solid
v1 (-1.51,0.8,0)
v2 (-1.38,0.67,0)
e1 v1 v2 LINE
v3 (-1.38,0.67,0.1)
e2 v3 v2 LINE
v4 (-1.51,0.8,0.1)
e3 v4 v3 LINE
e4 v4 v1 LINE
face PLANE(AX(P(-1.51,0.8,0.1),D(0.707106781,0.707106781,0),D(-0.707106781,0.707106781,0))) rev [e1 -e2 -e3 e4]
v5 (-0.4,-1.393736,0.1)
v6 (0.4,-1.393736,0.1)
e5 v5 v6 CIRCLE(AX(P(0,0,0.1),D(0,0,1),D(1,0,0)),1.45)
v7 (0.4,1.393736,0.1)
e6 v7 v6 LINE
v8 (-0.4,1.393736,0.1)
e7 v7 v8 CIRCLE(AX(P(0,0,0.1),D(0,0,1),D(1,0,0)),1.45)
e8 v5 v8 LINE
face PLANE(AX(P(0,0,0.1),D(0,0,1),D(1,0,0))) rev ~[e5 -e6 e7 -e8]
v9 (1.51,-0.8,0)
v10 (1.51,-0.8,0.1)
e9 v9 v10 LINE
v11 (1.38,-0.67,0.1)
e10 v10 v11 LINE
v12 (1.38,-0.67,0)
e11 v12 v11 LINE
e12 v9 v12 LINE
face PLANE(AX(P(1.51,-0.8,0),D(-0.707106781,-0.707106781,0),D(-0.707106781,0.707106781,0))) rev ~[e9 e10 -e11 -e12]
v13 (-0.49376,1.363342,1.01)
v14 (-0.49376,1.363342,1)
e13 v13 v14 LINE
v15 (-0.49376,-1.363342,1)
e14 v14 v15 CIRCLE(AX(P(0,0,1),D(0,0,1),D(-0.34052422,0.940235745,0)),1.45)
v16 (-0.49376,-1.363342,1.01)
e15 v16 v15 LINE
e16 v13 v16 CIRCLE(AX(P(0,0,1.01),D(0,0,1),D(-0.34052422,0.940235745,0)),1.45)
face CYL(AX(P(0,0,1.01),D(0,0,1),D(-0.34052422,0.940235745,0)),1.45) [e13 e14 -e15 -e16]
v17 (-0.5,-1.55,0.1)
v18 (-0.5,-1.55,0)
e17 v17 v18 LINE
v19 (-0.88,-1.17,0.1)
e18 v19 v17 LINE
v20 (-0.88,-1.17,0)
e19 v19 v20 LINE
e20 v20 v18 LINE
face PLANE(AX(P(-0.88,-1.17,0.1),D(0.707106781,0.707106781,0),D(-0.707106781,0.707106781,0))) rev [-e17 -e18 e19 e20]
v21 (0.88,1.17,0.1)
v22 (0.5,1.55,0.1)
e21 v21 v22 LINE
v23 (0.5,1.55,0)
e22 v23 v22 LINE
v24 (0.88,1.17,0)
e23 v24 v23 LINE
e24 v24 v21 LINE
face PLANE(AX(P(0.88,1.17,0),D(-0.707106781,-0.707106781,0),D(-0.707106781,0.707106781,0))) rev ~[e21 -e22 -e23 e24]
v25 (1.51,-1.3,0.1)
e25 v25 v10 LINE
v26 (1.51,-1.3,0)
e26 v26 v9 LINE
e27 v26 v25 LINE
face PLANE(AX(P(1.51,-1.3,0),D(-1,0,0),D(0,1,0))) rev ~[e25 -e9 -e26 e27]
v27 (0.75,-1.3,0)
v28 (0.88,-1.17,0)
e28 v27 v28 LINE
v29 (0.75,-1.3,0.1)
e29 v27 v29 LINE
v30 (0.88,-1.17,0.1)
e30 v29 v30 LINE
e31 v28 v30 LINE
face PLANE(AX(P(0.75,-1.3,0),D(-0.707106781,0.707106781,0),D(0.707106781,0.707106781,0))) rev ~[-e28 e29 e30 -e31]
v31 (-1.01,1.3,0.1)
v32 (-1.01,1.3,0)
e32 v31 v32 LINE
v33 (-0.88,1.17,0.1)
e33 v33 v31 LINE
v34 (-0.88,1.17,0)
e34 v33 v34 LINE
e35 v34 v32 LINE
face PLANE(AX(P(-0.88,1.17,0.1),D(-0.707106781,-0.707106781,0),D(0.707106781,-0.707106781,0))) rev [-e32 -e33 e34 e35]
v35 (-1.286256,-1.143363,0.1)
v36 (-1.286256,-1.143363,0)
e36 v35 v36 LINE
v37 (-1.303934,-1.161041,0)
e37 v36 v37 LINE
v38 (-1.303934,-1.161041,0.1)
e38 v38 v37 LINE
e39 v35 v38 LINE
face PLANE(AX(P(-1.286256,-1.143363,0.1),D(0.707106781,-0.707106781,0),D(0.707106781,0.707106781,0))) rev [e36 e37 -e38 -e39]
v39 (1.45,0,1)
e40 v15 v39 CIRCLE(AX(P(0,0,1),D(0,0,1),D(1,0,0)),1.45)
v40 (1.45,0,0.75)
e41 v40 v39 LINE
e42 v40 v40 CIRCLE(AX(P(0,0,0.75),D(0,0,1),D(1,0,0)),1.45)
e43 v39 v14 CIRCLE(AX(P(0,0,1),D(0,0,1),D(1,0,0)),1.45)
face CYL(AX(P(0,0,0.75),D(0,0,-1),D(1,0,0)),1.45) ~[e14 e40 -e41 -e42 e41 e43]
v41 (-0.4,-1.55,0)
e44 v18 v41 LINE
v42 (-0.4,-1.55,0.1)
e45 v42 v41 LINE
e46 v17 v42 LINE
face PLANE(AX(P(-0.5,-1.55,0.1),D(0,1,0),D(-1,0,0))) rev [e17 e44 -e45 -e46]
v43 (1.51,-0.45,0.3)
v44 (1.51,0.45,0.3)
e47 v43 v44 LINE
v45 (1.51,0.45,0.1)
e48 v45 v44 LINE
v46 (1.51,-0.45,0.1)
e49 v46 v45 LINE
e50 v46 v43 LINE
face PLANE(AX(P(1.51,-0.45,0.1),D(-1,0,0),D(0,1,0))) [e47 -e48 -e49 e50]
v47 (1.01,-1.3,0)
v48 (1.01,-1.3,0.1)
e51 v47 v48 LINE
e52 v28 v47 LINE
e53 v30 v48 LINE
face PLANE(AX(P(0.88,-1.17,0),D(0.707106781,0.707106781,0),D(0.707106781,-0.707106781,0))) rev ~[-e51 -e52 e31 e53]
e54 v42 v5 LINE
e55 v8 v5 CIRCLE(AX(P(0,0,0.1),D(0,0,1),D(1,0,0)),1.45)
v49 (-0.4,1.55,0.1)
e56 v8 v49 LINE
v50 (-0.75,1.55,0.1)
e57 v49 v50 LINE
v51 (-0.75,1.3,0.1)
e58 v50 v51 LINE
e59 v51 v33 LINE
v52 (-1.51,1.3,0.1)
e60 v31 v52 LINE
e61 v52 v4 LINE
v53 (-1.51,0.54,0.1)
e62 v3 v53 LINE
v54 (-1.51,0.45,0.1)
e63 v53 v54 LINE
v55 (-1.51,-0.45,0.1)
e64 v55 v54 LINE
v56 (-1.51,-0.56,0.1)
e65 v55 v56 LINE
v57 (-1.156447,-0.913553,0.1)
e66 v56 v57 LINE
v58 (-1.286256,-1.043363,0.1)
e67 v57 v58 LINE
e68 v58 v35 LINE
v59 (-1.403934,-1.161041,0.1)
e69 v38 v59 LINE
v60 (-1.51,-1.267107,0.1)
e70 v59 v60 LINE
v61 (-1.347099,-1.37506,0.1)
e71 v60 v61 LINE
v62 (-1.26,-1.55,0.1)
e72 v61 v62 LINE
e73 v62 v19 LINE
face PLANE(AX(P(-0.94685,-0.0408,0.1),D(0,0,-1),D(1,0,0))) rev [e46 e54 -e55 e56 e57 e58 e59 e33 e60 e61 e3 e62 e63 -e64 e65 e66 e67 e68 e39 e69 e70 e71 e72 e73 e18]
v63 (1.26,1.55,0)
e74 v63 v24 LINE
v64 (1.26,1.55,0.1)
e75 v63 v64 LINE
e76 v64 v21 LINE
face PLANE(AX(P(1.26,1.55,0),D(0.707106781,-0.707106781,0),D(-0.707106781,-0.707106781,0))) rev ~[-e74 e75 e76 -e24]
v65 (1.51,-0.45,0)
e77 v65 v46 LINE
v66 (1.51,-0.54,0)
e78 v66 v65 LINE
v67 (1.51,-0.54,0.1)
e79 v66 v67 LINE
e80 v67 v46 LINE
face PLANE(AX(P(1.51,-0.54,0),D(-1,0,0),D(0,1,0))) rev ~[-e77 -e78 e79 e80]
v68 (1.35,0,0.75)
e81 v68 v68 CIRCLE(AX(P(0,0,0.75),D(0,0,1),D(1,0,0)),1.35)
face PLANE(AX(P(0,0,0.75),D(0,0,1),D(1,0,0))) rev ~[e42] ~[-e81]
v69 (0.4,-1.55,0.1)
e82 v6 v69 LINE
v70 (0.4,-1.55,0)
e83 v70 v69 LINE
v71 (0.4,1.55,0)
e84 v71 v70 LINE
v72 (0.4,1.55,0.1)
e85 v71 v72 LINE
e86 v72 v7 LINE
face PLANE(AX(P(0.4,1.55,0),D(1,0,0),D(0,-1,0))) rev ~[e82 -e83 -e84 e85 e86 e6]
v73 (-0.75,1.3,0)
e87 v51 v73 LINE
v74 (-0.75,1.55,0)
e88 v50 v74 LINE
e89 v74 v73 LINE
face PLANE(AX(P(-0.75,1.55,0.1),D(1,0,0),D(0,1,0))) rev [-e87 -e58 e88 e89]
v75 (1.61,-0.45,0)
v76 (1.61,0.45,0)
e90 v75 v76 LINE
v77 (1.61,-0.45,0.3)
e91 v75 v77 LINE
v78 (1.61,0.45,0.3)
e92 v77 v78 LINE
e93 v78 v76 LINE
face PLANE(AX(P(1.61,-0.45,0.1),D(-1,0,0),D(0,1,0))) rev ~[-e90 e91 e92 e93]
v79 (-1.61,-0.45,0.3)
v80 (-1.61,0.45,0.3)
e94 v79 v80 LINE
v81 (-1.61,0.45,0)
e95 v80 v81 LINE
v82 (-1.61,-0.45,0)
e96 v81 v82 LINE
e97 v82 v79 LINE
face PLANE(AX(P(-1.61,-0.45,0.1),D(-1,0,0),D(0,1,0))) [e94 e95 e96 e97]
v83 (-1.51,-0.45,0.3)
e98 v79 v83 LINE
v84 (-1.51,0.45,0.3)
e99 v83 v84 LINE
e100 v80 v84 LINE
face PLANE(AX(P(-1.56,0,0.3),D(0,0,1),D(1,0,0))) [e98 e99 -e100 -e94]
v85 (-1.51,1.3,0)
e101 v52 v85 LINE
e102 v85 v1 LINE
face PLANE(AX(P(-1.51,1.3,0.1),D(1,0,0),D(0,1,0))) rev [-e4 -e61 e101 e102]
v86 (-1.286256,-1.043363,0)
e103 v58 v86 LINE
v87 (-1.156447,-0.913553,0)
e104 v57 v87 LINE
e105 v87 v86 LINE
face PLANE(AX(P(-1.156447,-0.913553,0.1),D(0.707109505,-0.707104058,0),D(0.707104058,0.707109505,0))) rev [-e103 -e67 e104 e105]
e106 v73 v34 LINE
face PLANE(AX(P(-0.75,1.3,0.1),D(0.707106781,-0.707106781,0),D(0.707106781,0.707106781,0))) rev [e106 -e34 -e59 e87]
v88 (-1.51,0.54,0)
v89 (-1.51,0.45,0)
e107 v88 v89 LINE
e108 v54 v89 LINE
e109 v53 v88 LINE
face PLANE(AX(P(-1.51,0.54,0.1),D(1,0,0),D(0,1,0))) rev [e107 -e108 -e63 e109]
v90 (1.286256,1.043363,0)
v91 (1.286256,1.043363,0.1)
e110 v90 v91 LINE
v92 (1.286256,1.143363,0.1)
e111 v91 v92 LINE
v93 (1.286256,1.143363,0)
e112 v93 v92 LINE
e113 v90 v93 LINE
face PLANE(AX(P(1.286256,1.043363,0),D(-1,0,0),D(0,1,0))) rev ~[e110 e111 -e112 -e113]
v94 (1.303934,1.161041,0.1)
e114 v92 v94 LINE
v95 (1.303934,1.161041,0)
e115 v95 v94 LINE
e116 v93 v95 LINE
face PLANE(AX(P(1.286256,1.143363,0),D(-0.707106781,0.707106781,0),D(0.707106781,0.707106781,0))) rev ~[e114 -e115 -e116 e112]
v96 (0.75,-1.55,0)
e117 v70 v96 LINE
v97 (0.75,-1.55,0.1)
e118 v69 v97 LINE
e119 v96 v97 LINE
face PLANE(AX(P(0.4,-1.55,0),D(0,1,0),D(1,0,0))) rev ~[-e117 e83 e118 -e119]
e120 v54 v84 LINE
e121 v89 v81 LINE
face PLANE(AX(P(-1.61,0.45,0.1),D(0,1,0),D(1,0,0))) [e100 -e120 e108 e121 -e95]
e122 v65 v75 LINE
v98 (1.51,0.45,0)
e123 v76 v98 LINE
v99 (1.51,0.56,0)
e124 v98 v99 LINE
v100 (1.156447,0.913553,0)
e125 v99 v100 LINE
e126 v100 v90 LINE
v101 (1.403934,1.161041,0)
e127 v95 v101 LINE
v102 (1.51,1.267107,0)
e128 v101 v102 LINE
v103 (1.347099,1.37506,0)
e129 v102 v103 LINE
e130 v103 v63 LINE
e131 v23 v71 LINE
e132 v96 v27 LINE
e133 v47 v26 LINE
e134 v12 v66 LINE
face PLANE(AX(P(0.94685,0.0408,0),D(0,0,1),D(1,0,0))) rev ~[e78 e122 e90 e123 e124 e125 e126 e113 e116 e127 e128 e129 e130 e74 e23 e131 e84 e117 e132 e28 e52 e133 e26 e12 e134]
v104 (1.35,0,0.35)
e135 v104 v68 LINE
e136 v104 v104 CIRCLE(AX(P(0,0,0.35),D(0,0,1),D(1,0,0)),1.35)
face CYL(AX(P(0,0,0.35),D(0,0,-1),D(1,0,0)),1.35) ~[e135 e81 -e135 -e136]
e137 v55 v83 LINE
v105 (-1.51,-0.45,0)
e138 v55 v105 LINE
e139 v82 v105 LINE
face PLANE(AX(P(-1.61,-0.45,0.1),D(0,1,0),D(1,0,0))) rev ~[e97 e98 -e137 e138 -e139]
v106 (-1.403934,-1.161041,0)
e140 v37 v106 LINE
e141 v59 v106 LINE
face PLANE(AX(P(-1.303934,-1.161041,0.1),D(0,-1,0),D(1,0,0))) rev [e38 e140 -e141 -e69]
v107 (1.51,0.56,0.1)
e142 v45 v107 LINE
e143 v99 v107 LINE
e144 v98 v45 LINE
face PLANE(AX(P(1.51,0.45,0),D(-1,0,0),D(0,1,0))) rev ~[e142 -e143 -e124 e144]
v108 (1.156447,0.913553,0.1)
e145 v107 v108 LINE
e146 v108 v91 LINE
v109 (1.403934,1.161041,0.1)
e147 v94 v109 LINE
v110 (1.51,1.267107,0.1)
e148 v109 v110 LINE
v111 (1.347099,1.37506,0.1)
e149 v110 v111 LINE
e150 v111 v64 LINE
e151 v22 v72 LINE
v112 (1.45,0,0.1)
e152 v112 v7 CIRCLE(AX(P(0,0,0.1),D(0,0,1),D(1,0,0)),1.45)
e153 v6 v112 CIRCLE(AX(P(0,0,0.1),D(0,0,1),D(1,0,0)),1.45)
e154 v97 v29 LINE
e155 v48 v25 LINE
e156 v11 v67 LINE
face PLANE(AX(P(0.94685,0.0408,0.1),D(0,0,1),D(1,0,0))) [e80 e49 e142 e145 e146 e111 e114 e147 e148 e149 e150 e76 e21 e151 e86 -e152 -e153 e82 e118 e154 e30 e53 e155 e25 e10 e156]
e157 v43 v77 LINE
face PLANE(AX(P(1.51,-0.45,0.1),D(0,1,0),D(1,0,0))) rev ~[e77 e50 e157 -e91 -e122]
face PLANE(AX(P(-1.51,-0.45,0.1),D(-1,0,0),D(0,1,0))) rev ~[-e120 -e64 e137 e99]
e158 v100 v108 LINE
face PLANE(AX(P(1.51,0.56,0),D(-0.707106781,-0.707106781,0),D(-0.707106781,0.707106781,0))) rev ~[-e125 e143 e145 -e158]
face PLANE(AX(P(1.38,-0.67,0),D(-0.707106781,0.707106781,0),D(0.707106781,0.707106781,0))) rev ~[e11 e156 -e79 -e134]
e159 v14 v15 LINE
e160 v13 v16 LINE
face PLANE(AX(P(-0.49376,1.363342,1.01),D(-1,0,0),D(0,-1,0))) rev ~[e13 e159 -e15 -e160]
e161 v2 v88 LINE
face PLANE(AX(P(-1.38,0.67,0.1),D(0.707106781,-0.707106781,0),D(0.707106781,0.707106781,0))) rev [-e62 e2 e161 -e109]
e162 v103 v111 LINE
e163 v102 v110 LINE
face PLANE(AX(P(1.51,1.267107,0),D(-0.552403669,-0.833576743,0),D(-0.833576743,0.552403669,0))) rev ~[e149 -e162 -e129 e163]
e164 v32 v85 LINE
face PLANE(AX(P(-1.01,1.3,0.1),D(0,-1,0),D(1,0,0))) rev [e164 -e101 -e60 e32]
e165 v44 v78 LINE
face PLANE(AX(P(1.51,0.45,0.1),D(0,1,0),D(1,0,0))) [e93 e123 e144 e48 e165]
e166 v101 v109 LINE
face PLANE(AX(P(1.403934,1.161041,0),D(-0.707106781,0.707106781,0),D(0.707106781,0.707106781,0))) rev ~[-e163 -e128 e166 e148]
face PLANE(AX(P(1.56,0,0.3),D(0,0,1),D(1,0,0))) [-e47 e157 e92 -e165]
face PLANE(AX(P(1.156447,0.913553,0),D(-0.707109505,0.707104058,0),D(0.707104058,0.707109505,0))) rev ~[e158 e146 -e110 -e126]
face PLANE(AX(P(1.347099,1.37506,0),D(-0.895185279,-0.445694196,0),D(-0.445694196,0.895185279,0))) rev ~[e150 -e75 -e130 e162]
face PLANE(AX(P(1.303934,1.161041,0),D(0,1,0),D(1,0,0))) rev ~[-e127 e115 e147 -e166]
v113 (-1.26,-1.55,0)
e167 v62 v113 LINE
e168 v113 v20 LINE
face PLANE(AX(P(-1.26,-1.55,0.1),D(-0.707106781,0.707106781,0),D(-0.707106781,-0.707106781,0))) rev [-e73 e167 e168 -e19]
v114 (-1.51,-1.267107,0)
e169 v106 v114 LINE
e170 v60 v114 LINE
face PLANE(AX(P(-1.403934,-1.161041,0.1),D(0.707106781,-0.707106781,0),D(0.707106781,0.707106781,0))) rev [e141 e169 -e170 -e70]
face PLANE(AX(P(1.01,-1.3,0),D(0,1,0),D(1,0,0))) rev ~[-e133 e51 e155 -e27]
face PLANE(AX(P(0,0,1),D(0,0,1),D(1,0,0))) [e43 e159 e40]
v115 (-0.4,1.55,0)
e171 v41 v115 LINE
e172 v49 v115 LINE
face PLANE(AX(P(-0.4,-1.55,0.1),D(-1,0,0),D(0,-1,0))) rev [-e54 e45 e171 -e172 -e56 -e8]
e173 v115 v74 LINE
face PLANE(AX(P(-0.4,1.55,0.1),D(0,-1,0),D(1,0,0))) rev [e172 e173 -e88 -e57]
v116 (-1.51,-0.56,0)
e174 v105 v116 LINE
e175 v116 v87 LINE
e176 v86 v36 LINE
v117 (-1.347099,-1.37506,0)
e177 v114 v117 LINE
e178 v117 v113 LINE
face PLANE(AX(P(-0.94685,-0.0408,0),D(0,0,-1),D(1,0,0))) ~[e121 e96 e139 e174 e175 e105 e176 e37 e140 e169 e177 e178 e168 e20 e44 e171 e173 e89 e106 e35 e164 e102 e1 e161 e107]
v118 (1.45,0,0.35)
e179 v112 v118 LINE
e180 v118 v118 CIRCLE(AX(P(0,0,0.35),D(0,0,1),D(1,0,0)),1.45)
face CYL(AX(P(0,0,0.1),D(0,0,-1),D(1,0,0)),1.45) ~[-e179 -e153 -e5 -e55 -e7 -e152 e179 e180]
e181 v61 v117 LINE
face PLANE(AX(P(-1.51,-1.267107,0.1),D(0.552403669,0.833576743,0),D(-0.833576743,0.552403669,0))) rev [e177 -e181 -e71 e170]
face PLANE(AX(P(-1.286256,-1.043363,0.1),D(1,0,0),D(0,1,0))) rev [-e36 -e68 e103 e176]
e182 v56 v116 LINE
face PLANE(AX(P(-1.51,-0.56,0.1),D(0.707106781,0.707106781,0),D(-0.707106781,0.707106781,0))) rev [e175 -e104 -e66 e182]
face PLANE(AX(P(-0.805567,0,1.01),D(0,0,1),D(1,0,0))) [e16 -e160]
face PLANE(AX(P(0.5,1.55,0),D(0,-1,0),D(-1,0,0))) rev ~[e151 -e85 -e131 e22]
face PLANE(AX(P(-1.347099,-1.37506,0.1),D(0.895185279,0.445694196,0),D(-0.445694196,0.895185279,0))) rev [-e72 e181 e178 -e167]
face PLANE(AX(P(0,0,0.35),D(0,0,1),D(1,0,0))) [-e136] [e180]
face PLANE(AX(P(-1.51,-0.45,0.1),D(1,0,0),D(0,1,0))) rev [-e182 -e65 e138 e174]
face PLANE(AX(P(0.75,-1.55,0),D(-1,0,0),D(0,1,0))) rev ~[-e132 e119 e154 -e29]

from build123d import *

# Parameters (mm, degrees)
PAD006_DEPTH                   = 0.01
PAD_DEPTH                      = 0.1
PART_MIRRORING_PLACEMENT_ANGLE = 180
SKETCH002_W                    = 0.1
SKETCH002_H                    = 0.9
PAD002_DEPTH                   = 0.2
SKETCH004_R                    = 1.35
PAD004_DEPTH                   = 0.4
SKETCH005_R                    = 1.45
PAD005_DEPTH                   = 0.25
SKETCH003_R                    = 1.45
PAD003_DEPTH                   = 0.25
SKETCH001_W                    = 0.1
SKETCH001_H                    = 0.9
PAD001_DEPTH                   = 0.2


with BuildPart() as pad006:
    # Sketch006 → Pad006 (new body)
    with BuildSketch(Plane.XY.offset(1.01)):
        with BuildLine():
            ThreePointArc((-0.49376, 1.363342), (-1.45, 0), (-0.49376, -1.363342))
            Line((-0.49376, 1.363342), (-0.49376, -1.363342))
        make_face()
    extrude(amount=-PAD006_DEPTH)


with BuildPart() as pad:
    # Sketch → Pad (new body)
    with BuildSketch(Plane.XY):
        Polygon((0.4, -1.55), (0.75, -1.55), (0.75, -1.3), (0.88, -1.17), (1.01, -1.3), (1.51, -1.3), (1.51, -0.8), (1.38, -0.67), (1.51, -0.54), (1.51, -0.45), (1.61, -0.45), (1.61, 0.45), (1.51, 0.45), (1.51, 0.56), (1.156447, 0.913553), (1.286256, 1.043363), (1.286256, 1.143363), (1.303934, 1.161041), (1.403934, 1.161041), (1.51, 1.267107), (1.347099, 1.37506), (1.26, 1.55), (0.88, 1.17), (0.5, 1.55), (0.4, 1.55), align=None)
    extrude(amount=PAD_DEPTH)


with BuildPart() as pad002:
    # Part__Mirroring: instance of Pad
    add(pad.part.mirror(Plane(origin=(0, 0, 0), x_dir=(0, -1, 0), z_dir=(1, 0, 0))))


with BuildPart() as pad002_1:
    # Part__Mirroring placement: moved
    add(pad002.part.moved(Location((0, 0, 0.1))).rotate(Axis((0, 0, 0.1), (1, 0, 0)), PART_MIRRORING_PLACEMENT_ANGLE))

    # Sketch002 → Pad002 (new body)
    with BuildSketch(Plane.XY.offset(0.1)):
        with Locations((-1.56, 0)):
            Rectangle(SKETCH002_W, SKETCH002_H)
    extrude(amount=PAD002_DEPTH)


with BuildPart() as pad004:
    # Sketch004 → Pad004 (new body)
    with BuildSketch(Plane.XY.offset(0.35)):
        Circle(SKETCH004_R)
    extrude(amount=PAD004_DEPTH)


with BuildPart() as pad005:
    # Sketch005 → Pad005 (new body)
    with BuildSketch(Plane.XY.offset(0.75)):
        Circle(SKETCH005_R)
    extrude(amount=PAD005_DEPTH)


with BuildPart() as pad003:
    # Sketch003 → Pad003 (new body)
    with BuildSketch(Plane.XY.offset(0.1)):
        Circle(SKETCH003_R)
    extrude(amount=PAD003_DEPTH)


with BuildPart() as ind_ell_vfg:
    # Pad001 base: copy of Pad
    add(pad.part)

    # Sketch001 → Pad001 (new body)
    with BuildSketch(Plane.XY.offset(0.1)):
        with Locations((1.56, 0)):
            Rectangle(SKETCH001_W, SKETCH001_H)
    extrude(amount=PAD001_DEPTH)

    # Fusion: union Pad006, Pad002, Pad004, Pad005, Pad003
    add(pad006.part)
    add(pad002_1.part)
    add(pad004.part)
    add(pad005.part)
    add(pad003.part)


solid = ind_ell_vfg.part
